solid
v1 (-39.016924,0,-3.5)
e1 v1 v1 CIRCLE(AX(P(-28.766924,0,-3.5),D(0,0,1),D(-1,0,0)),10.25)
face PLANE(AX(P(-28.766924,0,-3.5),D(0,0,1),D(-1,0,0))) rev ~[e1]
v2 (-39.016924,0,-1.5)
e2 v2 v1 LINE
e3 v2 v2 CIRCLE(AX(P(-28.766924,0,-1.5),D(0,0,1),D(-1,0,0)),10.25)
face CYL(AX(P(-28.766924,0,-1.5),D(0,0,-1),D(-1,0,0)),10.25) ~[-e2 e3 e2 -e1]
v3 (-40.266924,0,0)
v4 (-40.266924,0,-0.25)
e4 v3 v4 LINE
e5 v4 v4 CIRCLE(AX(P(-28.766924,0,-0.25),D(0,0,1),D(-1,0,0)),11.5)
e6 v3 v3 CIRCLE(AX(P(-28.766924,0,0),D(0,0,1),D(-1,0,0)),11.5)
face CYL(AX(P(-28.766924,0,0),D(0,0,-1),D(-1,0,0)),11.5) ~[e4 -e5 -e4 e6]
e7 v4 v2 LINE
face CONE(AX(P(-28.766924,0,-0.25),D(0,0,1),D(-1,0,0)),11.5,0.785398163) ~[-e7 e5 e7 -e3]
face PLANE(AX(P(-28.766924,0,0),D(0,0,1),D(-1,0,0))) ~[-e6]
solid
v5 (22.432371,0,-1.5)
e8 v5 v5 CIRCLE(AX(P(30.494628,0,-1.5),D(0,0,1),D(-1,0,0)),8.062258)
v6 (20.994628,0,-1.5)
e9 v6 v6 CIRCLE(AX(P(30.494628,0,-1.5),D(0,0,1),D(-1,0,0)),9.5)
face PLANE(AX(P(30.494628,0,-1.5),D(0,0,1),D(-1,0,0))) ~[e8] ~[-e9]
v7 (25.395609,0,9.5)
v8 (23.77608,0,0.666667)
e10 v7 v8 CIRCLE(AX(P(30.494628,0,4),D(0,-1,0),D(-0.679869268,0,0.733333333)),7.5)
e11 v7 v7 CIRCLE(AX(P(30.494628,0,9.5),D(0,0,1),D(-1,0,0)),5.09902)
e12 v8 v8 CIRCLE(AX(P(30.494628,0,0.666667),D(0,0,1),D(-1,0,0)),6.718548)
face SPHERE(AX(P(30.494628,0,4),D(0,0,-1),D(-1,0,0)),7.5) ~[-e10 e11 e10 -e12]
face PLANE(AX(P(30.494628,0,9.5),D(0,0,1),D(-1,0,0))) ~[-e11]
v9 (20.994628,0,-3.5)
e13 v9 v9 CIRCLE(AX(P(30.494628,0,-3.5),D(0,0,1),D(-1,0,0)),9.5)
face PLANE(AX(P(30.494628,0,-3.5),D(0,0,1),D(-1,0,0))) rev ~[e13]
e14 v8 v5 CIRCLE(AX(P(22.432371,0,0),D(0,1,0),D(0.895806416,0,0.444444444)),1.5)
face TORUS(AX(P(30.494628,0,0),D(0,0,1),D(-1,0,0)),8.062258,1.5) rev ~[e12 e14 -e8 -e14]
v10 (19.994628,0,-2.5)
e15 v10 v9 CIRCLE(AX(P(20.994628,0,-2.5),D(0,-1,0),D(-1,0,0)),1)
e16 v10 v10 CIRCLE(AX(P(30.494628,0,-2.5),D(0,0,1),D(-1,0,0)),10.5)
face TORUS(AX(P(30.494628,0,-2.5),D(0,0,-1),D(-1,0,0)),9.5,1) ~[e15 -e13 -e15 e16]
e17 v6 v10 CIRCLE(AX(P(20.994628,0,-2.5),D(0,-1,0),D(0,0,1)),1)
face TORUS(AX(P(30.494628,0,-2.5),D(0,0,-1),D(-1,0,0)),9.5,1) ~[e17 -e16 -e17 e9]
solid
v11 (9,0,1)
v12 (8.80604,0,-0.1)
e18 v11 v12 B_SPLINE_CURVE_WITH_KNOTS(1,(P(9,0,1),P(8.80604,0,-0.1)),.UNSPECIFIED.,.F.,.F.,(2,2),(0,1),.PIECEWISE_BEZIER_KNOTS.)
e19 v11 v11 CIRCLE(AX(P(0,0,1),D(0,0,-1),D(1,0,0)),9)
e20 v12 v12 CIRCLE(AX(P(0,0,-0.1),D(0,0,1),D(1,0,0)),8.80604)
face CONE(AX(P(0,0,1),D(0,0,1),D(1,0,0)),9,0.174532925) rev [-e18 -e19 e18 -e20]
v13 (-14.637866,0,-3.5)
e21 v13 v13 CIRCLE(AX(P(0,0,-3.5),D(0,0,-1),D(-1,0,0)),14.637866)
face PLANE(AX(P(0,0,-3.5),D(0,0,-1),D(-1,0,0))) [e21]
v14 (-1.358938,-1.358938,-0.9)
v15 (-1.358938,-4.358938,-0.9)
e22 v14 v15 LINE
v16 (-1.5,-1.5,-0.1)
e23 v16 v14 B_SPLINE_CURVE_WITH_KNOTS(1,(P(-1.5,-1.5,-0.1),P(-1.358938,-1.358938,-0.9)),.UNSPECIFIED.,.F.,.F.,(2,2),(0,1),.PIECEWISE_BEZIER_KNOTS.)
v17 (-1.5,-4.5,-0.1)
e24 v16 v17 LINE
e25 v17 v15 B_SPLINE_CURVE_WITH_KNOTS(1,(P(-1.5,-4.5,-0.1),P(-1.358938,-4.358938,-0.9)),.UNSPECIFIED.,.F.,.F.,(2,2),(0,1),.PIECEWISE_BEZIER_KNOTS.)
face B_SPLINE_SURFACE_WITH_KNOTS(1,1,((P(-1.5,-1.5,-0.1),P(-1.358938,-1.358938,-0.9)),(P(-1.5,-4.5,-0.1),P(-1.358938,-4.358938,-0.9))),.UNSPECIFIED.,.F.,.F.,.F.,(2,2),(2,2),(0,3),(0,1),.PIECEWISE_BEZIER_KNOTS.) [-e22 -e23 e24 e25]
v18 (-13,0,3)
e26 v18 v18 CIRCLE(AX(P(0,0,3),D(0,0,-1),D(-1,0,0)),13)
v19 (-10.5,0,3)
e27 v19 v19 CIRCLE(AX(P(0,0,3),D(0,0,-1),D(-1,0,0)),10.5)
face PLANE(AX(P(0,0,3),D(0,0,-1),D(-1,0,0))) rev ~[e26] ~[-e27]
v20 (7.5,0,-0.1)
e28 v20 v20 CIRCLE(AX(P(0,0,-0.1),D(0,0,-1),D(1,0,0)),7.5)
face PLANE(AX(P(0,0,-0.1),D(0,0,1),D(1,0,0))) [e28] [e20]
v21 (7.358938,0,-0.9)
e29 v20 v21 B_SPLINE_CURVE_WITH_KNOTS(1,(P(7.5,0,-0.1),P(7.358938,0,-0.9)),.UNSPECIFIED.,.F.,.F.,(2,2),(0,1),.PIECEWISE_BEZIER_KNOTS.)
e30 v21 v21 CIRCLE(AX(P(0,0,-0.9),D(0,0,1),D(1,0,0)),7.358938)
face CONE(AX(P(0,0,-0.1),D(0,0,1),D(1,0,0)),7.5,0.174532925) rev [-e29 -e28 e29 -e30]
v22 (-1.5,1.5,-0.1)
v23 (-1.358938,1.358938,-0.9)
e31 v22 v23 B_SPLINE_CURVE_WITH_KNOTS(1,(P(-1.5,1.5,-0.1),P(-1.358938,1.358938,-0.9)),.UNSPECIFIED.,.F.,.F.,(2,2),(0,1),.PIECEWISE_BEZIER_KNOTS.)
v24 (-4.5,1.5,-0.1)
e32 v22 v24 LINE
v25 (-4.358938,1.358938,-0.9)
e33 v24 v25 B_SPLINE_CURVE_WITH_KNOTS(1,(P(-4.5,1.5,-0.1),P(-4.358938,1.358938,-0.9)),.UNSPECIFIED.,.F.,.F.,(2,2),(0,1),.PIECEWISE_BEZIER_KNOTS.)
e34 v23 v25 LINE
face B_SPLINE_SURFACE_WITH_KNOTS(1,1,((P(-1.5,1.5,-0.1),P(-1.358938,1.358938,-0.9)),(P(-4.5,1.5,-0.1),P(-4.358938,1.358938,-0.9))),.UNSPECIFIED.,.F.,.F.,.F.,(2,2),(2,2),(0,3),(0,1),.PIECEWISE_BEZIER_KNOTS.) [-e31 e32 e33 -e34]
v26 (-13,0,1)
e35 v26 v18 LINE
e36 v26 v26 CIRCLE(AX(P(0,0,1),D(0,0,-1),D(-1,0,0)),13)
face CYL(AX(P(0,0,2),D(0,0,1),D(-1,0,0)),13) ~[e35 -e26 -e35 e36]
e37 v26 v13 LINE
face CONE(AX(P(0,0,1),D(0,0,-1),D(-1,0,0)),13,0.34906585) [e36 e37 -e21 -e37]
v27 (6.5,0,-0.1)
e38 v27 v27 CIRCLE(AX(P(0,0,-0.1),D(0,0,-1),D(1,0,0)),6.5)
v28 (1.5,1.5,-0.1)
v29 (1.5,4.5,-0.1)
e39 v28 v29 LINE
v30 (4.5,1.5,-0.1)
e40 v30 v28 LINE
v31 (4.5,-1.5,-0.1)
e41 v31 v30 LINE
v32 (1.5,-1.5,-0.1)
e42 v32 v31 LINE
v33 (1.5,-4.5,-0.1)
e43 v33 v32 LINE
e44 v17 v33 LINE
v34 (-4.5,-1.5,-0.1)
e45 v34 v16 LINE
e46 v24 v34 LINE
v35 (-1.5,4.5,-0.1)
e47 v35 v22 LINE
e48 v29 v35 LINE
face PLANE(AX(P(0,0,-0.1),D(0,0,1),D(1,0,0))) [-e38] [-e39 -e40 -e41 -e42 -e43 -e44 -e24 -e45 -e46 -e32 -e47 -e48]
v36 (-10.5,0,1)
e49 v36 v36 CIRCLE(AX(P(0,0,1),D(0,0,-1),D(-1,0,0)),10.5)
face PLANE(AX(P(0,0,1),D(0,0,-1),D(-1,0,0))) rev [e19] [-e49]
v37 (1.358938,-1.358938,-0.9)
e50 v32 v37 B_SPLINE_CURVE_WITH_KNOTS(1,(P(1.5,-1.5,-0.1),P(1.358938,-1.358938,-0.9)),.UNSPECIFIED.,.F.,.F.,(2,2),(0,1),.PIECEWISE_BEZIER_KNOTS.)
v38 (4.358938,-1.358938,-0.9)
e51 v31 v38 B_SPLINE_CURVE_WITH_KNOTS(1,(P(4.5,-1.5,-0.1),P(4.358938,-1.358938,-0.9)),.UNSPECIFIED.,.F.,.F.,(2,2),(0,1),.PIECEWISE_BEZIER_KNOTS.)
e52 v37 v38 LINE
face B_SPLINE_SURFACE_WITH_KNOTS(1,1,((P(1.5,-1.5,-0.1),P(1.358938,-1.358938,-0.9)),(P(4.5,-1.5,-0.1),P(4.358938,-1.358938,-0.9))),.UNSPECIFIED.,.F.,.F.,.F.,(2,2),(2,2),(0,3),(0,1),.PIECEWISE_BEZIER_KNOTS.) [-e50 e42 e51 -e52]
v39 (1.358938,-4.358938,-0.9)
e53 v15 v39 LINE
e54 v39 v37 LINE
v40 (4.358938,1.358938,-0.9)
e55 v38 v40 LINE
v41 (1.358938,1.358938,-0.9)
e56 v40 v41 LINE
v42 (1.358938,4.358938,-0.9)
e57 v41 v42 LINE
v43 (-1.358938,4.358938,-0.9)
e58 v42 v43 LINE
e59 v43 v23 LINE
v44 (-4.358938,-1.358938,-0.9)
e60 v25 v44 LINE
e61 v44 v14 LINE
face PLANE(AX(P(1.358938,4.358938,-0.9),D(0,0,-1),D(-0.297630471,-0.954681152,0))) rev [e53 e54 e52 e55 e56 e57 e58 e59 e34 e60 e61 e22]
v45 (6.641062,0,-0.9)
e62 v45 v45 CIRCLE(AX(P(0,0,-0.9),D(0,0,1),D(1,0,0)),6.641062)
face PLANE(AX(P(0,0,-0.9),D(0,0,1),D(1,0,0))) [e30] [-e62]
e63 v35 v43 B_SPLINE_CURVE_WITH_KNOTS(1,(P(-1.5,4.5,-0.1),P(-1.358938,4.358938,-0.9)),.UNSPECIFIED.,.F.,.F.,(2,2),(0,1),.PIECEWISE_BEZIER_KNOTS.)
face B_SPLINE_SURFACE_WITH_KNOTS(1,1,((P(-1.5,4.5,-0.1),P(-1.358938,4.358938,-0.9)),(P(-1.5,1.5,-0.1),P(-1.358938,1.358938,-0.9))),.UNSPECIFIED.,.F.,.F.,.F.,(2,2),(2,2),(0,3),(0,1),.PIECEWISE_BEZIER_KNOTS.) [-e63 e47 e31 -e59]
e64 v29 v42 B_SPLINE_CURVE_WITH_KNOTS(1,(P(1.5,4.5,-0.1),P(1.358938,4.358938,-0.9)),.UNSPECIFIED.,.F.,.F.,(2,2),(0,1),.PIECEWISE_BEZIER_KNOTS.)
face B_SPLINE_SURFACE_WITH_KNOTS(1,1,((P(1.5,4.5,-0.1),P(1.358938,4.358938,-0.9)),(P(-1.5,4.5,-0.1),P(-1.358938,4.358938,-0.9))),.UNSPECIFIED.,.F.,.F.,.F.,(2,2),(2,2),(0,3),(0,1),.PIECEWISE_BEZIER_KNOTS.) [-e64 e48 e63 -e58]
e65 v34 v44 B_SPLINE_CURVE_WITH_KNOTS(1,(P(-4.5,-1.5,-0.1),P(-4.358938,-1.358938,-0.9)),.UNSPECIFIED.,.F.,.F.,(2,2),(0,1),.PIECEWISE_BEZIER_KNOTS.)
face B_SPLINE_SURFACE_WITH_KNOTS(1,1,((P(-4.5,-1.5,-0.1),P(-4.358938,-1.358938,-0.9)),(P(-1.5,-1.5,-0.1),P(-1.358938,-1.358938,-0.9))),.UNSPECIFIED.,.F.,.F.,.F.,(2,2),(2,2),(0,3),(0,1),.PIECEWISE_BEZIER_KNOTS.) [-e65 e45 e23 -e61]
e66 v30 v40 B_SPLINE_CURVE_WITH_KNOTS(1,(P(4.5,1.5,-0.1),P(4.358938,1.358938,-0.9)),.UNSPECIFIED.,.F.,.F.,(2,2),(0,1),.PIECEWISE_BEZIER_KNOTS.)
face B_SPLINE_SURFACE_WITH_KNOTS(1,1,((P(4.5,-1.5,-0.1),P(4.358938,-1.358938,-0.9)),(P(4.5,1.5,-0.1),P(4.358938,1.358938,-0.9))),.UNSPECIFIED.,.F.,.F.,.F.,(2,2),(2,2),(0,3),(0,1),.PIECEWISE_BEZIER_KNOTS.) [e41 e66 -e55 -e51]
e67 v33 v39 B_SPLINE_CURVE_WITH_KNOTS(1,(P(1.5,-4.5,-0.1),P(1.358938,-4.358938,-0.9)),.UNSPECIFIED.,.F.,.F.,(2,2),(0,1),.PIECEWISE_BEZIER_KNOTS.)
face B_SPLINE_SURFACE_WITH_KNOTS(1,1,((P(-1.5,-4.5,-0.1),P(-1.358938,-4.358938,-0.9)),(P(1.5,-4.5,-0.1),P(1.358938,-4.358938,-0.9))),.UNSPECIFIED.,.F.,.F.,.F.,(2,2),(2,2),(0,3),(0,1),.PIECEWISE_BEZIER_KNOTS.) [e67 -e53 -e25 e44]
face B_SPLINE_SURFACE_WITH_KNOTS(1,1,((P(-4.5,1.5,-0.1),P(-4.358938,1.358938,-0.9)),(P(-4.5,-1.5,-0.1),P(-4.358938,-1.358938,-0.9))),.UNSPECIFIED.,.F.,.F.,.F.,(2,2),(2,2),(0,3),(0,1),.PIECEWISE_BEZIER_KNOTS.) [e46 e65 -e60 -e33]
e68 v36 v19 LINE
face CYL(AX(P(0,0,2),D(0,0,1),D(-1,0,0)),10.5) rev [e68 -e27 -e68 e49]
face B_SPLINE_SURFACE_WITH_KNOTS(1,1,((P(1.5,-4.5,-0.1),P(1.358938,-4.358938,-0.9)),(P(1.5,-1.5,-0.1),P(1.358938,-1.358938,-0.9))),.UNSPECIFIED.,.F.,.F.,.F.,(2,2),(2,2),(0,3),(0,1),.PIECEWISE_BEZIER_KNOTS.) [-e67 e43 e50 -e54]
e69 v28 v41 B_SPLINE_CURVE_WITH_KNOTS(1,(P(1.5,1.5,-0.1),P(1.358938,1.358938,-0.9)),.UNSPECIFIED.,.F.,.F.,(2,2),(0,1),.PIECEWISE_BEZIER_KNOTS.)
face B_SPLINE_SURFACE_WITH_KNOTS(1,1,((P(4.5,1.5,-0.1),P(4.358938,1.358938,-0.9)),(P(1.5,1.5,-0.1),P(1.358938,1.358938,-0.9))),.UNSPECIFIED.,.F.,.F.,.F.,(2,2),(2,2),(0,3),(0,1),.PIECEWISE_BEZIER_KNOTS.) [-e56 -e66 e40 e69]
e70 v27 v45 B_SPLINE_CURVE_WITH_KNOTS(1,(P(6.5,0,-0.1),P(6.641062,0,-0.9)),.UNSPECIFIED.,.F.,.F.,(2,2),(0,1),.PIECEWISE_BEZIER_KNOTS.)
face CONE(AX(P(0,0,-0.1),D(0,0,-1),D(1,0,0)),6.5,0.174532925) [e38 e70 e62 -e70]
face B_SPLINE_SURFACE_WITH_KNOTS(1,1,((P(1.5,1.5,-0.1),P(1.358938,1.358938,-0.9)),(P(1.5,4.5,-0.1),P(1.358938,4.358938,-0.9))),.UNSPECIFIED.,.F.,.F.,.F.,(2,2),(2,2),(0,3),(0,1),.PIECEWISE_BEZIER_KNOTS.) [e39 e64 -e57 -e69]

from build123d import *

# Parameters (mm, degrees)
F2_R     = 9
F3_DEPTH = 1.1
F3_TAPER = 10
F4_R     = 7.5
F4_R_2   = 6.5
F5_DEPTH = 0.8
F5_TAPER = 10
F6_W     = 2.5
F6_H     = 2


with BuildPart() as f1:
    # F0 (on Front) → F1 (revolve)
    with BuildSketch(Plane.XZ):
        Polygon((0, 1), (-13, 1), (-14.6378660542, -3.5), (0, -3.5), align=None)
    revolve(axis=Axis((0, 0, -0.3590679262), (0, 0, -1)))

    # F2 (on face) → F3 (cut)
    with BuildSketch(Plane.XY.offset(1)):
        Circle(F2_R)
    extrude(amount=-F3_DEPTH, taper=F3_TAPER, mode=Mode.SUBTRACT)

    # F4 (on face) → F5 (cut)
    with BuildSketch(Plane.XY.offset(-0.1)):
        Circle(F4_R)
        Circle(F4_R_2, mode=Mode.SUBTRACT)
        Polygon((1.5, 4.5), (-1.5, 4.5), (-1.5, 1.5), (-4.5, 1.5), (-4.5, -1.5), (-1.5, -1.5), (-1.5, -4.5), (1.5, -4.5), (1.5, -1.5), (4.5, -1.5), (4.5, 1.5), (1.5, 1.5), align=None)
    extrude(amount=-F5_DEPTH, taper=F5_TAPER, mode=Mode.SUBTRACT)

    # F6 (on Front) → F7 (revolve)
    with BuildSketch(Plane.XZ):
        with Locations((-11.75, 2)):
            Rectangle(F6_W, F6_H)
    revolve(axis=Axis((0, 0, 1.6734934973), (0, 0, -1)))


with BuildPart() as f9:
    # F8 (on Front) → F9 (revolve)
    with BuildSketch(Plane.XZ):
        Polygon((-39.0169236064, -1.5), (-39.0169236064, -3.5), (-28.7669236064, -3.5), (-28.7669236064, -1.3), (-28.7669236064, 0), (-40.2669236064, 0), (-40.2669236064, -0.25), align=None)
    revolve(axis=Axis((-28.7669236064, 0, -1.8594449877), (0, 0, 1)))


with BuildPart() as f11:
    # F10 (on Front) → F11 (revolve)
    with BuildSketch(Plane.XZ):
        with BuildLine():
            Line((22.4323707258, -1.5), (20.9946284741, -1.5))
            ThreePointArc((20.9946284741, -1.5), (20.2875216929, -1.7928932188), (19.9946284741, -2.5))
            ThreePointArc((19.9946284741, -2.5), (20.2875216929, -3.2071067812), (20.9946284741, -3.5))
            Line((20.9946284741, -3.5), (30.4946284741, -3.5))
            Line((30.4946284741, -3.5), (30.4946284741, 9.5))
            Line((30.4946284741, 9.5), (25.3956089605, 9.5))
            ThreePointArc((25.3956089605, 9.5), (23.1175917615, 5.3525270203), (23.7760803505, 0.6666666667))
            ThreePointArc((23.7760803505, 0.6666666667), (23.7071256042, -0.790569415), (22.4323707258, -1.5))
        make_face()
    revolve(axis=Axis((30.4946284741, 0, -6.7232011352), (0, 0, 1)))


solid = Compound([f1.part, f9.part, f11.part])
